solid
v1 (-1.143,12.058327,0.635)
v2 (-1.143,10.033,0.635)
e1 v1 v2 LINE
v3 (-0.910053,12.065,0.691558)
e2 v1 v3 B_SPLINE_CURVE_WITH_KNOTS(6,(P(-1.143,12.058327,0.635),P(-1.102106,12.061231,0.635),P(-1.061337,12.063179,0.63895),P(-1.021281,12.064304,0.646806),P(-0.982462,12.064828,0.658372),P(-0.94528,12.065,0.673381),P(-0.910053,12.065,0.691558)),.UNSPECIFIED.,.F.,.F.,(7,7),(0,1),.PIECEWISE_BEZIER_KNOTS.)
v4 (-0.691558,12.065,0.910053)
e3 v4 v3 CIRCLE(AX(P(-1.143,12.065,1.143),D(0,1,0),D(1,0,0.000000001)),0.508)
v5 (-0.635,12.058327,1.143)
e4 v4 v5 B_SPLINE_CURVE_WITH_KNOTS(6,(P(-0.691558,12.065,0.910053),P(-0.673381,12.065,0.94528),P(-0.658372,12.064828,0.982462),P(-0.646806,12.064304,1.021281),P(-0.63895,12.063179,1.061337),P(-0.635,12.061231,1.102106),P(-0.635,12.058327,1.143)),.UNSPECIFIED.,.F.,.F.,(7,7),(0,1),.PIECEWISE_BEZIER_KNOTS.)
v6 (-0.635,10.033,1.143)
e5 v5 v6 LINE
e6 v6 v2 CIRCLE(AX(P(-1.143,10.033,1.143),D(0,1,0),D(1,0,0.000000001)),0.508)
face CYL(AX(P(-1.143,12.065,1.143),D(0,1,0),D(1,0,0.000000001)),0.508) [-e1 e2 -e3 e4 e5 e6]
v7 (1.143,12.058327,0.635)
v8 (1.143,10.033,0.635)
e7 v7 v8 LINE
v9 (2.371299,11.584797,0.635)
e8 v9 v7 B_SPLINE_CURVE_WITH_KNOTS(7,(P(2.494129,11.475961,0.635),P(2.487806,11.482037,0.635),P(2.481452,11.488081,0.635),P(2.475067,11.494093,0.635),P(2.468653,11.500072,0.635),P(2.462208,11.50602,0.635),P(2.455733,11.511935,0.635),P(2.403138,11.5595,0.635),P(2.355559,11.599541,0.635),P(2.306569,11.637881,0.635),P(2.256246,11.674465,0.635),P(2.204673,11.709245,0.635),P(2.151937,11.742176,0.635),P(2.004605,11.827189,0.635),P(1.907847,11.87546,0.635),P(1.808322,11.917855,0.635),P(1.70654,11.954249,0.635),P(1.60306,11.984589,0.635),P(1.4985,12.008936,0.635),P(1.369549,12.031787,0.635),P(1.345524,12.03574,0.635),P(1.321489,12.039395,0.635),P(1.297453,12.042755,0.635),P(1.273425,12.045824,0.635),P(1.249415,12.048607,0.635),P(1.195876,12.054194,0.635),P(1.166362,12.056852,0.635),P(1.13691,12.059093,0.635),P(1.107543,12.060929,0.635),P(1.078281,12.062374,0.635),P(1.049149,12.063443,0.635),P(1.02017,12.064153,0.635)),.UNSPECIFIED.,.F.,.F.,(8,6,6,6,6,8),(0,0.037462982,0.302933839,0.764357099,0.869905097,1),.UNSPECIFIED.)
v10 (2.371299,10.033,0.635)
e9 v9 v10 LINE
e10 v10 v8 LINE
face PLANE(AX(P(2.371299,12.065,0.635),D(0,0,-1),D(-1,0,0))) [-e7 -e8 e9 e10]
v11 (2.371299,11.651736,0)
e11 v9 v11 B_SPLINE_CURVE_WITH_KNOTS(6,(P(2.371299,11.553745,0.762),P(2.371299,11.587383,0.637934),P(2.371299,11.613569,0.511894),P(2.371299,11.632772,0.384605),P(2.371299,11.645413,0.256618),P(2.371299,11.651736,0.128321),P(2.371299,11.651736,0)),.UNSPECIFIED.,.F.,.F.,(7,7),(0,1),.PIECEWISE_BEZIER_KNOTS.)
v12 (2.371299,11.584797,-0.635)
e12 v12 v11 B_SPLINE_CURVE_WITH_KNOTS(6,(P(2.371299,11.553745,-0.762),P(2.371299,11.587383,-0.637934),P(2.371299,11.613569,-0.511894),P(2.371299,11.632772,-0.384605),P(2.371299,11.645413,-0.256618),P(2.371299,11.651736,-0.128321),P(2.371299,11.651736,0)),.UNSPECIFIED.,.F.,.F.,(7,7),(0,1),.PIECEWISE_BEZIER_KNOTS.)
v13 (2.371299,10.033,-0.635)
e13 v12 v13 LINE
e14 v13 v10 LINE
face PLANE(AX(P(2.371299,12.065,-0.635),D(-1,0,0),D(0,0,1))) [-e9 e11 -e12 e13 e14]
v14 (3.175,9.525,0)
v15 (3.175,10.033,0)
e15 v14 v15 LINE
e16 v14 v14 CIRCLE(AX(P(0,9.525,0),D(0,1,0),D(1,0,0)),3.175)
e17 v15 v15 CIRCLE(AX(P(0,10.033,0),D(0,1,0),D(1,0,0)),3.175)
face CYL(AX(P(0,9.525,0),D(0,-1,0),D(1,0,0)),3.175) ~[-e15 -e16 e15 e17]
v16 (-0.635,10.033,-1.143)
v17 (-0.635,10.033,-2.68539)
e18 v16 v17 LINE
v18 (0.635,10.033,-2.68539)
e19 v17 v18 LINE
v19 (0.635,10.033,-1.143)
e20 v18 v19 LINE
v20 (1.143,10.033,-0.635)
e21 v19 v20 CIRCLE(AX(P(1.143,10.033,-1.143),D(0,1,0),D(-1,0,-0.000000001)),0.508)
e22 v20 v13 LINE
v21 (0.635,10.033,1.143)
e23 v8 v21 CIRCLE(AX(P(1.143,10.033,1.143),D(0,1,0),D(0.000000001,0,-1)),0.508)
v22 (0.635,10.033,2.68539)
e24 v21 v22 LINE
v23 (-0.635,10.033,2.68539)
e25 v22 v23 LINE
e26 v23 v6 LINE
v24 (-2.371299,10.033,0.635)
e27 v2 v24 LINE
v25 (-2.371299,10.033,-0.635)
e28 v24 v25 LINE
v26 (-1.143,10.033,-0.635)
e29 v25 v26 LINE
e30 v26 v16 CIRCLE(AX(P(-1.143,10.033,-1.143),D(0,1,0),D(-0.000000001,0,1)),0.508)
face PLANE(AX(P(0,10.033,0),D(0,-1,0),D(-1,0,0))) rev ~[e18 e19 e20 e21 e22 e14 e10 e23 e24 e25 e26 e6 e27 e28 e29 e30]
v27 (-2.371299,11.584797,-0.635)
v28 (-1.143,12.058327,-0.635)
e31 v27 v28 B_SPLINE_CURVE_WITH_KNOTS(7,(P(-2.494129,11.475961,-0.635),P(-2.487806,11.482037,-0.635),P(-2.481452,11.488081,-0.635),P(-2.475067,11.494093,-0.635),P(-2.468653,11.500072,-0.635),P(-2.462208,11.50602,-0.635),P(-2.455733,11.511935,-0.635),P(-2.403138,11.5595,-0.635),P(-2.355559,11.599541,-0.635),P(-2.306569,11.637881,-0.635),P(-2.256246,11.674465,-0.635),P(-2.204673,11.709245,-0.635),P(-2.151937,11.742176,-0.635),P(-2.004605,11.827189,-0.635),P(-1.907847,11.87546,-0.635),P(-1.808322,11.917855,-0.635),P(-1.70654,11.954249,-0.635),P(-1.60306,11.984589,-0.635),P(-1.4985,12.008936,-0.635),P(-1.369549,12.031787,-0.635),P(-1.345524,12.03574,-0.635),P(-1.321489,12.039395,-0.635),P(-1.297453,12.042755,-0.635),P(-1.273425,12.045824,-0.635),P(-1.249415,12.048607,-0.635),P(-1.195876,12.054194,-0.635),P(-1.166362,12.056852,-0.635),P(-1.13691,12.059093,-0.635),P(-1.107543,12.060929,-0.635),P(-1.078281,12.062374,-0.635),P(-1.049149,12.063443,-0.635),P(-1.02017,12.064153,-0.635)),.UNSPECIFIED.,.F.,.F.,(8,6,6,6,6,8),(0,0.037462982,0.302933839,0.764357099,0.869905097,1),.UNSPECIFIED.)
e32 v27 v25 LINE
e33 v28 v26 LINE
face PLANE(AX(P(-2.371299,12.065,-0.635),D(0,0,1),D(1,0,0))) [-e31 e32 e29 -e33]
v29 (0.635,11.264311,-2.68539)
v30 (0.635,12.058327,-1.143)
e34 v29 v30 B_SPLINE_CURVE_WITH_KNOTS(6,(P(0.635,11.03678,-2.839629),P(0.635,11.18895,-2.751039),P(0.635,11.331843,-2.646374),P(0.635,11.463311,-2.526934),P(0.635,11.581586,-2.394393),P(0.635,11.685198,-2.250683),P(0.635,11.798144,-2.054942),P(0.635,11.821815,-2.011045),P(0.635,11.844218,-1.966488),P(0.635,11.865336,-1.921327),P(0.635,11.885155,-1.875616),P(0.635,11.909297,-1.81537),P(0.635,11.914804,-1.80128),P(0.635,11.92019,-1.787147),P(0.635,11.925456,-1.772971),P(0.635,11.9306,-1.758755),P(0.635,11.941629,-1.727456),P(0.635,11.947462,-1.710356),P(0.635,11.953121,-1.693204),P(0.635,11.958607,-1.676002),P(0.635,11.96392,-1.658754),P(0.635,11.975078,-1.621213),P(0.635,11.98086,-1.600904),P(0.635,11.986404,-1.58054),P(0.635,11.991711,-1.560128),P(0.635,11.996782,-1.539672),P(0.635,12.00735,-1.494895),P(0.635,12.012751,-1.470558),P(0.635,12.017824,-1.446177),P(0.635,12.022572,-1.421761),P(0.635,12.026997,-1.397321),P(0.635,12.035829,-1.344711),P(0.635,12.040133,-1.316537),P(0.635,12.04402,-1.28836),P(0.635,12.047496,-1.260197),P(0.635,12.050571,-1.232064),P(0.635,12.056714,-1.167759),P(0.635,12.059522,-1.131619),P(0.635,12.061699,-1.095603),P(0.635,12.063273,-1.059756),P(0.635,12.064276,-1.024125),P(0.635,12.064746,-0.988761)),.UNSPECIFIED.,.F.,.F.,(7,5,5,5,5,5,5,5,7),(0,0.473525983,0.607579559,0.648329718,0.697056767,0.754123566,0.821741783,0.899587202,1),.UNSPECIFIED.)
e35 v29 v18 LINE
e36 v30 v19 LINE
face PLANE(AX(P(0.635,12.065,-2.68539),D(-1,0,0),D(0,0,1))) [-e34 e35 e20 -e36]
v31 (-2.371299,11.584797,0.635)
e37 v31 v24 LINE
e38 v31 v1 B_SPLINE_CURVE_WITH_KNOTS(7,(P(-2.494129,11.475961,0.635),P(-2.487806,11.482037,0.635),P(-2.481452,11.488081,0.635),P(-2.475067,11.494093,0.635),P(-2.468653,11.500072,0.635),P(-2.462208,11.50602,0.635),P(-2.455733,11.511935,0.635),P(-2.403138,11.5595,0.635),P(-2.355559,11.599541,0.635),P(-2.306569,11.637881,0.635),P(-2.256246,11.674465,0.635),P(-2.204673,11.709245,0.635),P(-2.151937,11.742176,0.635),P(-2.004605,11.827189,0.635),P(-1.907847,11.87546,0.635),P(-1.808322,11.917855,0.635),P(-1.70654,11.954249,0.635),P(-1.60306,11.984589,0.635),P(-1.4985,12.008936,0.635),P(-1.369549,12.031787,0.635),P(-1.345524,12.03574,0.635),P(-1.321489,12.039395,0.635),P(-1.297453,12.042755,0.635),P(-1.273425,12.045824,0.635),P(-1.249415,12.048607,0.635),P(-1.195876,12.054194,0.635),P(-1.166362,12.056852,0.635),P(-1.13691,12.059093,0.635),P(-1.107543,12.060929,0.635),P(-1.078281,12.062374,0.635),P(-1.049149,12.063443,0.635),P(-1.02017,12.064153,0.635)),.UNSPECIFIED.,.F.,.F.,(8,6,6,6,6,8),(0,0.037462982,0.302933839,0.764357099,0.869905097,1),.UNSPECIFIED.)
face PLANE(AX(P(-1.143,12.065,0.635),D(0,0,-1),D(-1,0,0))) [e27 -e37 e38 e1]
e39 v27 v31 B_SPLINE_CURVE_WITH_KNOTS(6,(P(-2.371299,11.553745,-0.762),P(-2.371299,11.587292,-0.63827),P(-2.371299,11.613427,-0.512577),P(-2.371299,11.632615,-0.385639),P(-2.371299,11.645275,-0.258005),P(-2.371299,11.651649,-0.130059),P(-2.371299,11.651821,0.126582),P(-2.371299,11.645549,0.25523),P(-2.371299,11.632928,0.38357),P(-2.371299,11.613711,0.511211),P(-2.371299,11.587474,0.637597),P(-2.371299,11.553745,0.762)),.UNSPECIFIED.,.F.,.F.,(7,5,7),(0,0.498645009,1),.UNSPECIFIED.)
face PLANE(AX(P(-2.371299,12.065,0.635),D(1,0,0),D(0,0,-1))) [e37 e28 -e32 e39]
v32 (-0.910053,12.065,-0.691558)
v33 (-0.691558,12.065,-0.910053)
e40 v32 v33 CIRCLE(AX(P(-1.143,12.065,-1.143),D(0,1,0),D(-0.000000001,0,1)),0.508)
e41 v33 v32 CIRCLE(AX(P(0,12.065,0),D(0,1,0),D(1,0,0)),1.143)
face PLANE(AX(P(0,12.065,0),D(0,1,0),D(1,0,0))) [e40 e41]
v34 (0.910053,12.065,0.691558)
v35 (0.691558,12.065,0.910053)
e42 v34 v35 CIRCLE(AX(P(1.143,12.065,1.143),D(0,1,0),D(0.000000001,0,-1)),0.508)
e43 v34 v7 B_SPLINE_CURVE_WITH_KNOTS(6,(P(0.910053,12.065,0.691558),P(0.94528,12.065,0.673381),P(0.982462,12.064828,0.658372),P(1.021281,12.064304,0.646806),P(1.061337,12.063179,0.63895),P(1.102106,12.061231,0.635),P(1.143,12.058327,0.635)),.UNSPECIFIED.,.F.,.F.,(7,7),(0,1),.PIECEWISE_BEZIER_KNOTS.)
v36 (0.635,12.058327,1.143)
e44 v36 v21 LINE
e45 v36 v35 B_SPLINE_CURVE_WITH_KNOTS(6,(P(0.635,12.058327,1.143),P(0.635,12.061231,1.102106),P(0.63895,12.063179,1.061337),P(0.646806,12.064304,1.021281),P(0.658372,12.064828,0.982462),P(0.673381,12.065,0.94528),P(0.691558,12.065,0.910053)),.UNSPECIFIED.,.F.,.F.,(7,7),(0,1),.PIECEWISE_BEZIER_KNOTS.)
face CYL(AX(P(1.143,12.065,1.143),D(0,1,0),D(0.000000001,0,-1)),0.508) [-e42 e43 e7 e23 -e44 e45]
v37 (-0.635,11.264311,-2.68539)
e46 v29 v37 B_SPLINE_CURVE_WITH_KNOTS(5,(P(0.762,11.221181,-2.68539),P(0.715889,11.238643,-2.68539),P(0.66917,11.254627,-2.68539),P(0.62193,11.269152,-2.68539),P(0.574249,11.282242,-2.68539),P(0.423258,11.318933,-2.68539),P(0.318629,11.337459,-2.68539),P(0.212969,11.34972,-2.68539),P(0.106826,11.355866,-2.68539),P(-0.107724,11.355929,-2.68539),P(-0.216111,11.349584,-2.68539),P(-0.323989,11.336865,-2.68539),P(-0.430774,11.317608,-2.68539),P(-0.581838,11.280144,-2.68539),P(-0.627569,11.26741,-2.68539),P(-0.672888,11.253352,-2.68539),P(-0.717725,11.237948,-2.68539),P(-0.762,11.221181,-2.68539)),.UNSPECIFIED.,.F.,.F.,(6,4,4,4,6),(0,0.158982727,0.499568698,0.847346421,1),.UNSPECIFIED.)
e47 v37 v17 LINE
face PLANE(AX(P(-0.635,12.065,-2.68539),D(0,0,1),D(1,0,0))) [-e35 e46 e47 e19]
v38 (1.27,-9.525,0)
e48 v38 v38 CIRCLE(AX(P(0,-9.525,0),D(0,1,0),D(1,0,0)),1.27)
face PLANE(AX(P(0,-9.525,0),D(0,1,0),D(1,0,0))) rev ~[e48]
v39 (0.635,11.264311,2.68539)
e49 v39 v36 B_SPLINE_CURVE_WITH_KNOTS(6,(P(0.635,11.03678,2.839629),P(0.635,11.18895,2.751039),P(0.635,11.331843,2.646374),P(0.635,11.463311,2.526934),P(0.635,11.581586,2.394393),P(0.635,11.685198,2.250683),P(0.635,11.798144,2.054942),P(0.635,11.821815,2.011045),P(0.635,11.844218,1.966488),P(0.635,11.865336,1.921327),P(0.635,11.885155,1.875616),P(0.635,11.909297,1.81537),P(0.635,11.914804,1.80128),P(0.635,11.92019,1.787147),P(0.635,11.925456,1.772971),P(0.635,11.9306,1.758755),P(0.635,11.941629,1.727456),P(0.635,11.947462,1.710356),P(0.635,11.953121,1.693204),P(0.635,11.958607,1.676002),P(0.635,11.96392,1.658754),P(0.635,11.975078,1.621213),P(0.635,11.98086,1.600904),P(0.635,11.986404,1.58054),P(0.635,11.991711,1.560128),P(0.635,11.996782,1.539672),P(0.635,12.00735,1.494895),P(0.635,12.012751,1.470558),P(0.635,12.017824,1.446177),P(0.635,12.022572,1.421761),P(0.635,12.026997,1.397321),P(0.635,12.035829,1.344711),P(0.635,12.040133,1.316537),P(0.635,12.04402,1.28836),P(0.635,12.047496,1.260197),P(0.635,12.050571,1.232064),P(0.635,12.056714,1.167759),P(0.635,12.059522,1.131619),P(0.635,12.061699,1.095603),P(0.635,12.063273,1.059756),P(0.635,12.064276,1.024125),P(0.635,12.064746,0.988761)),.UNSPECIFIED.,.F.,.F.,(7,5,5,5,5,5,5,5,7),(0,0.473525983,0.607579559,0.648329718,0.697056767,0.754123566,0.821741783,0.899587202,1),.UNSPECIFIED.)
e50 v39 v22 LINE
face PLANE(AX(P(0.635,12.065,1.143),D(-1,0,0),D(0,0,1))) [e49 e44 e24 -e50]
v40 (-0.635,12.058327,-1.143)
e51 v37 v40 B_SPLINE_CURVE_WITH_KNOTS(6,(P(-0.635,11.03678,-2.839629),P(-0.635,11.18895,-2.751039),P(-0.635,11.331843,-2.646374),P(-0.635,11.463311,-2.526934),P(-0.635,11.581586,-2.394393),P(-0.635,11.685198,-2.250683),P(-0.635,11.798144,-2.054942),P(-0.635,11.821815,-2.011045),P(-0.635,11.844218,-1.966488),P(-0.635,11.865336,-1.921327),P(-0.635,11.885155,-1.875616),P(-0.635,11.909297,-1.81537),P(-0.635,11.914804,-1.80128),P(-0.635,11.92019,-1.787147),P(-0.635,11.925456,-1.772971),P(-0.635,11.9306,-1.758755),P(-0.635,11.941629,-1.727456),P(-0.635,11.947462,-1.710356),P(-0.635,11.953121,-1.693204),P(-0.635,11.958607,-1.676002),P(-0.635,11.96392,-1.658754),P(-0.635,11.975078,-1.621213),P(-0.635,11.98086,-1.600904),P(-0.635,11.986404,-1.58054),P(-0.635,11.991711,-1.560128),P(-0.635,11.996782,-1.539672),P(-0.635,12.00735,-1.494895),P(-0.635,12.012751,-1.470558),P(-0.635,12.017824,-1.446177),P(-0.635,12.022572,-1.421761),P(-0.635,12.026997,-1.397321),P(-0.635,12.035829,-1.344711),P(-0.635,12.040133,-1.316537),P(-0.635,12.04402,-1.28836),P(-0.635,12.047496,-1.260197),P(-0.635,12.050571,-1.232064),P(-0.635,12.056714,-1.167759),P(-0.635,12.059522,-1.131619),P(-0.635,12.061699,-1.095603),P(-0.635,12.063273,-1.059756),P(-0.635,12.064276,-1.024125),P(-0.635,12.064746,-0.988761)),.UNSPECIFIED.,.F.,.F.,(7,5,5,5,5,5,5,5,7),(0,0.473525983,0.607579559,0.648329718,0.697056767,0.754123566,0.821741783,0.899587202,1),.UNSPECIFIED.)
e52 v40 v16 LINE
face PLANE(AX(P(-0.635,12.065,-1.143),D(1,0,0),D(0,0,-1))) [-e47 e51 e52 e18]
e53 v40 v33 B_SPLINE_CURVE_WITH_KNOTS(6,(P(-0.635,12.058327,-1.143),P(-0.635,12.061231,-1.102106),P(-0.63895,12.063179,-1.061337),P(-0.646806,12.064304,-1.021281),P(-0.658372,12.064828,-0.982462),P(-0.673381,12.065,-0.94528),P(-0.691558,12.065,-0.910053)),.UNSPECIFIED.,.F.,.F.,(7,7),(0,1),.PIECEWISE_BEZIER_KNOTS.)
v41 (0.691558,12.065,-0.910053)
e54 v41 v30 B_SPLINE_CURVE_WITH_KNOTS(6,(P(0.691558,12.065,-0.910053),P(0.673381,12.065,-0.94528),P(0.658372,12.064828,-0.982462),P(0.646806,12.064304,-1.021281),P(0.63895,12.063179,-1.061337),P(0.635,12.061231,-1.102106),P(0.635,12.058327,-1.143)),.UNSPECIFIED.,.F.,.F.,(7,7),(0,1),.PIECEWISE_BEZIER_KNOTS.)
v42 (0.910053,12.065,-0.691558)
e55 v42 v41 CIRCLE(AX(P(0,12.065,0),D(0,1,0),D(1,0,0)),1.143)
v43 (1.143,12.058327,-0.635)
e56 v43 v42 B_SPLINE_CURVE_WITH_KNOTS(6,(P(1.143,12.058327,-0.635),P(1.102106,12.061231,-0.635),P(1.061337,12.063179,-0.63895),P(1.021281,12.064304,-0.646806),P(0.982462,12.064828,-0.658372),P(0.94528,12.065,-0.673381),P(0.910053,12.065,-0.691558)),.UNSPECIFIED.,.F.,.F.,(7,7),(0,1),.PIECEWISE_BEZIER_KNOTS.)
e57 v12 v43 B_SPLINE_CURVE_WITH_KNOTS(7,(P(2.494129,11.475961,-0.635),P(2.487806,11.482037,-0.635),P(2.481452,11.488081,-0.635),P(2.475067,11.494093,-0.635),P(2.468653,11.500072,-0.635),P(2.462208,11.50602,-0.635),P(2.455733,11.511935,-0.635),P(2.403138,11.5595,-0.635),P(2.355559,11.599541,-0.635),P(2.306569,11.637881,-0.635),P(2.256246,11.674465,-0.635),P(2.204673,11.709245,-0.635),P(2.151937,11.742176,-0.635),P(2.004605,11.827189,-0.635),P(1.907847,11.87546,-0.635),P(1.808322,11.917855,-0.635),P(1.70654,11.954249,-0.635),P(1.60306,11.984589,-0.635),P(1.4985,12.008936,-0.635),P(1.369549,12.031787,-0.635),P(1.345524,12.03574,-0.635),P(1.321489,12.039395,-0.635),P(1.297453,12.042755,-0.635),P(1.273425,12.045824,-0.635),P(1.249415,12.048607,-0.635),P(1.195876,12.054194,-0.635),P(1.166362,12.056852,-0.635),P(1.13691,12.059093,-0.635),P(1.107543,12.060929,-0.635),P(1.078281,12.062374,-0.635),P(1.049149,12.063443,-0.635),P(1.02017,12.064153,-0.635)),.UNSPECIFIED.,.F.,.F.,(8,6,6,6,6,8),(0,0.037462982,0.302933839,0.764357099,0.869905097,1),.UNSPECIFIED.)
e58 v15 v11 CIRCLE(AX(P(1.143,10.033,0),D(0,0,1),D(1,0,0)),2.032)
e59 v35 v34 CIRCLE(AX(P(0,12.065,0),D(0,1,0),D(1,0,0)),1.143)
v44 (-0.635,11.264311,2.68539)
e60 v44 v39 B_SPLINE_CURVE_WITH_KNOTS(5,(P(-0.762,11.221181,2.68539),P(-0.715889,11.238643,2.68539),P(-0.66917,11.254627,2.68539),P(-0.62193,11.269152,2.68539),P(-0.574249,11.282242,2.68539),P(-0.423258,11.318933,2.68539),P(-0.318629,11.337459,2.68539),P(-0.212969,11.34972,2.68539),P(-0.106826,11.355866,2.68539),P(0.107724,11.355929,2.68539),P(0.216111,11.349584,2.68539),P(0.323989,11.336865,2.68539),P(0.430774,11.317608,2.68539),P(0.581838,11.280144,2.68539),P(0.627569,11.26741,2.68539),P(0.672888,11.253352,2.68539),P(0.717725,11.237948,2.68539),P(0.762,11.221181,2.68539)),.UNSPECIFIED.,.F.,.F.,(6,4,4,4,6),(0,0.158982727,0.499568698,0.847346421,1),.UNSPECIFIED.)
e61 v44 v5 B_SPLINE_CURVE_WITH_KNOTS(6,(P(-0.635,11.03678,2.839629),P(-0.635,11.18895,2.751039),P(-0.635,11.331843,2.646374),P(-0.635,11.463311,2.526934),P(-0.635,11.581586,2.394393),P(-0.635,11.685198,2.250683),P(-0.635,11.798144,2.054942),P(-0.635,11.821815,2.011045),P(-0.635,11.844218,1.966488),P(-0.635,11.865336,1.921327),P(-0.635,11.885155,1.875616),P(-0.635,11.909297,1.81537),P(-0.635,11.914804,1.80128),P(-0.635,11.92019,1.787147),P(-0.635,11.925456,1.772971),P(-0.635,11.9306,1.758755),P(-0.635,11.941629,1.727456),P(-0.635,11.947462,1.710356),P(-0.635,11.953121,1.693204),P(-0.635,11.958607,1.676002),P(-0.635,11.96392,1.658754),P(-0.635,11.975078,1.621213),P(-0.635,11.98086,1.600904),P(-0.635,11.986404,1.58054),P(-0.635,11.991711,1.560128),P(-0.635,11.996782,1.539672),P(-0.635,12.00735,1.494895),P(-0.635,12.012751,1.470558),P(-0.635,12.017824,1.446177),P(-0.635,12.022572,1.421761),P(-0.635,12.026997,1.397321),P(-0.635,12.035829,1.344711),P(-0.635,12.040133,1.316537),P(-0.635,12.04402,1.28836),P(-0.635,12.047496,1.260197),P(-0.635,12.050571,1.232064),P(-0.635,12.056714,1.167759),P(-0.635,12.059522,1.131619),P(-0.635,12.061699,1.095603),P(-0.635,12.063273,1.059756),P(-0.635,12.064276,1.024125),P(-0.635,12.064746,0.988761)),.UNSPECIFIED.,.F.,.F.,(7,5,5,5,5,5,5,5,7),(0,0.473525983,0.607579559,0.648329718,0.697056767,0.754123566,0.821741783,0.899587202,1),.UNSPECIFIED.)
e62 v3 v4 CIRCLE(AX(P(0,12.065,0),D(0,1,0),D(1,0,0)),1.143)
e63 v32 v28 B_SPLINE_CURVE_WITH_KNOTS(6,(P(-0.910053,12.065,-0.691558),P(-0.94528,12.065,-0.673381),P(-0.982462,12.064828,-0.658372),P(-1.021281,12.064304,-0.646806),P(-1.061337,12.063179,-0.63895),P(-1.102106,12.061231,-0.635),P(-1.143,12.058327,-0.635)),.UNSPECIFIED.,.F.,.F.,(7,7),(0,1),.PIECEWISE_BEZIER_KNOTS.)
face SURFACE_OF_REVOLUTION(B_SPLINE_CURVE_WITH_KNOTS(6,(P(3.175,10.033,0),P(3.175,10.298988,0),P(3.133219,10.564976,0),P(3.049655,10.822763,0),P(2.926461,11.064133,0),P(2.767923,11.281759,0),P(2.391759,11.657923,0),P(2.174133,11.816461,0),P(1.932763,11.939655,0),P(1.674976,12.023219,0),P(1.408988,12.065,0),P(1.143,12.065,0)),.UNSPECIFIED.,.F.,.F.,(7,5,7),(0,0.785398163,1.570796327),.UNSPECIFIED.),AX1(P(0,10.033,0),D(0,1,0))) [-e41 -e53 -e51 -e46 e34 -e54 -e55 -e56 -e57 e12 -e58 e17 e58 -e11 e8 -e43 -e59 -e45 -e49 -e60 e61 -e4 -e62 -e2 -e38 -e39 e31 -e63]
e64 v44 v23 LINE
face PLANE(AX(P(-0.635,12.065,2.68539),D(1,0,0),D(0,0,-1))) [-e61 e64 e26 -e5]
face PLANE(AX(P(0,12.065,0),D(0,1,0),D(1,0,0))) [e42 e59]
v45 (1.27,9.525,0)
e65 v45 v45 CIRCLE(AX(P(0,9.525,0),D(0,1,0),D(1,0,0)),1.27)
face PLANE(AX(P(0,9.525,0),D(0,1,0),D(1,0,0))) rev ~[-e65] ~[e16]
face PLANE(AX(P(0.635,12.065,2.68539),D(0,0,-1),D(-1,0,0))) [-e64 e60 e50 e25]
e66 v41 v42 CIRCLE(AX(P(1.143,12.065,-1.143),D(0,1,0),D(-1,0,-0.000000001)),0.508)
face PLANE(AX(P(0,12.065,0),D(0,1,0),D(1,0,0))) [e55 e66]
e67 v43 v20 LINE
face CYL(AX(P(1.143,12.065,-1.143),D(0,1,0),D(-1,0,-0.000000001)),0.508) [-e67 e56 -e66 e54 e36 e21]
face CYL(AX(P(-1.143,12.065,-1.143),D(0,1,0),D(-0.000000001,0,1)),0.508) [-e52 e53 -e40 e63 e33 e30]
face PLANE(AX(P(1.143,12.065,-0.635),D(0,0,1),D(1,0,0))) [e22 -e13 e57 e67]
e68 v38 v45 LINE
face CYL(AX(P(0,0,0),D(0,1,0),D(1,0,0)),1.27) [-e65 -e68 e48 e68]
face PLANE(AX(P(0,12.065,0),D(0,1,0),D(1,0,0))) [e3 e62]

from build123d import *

# Parameters (mm, degrees)
SKETCH1_R           = 1.27
BOSS_EXTRUDE1_DEPTH = 9.525
SKETCH2_R           = 3.175
BOSS_EXTRUDE2_DEPTH = 2.54
FILLET1_R           = 2.032
CUT_EXTRUDE1_DEPTH  = 2.032


with BuildPart() as part:
    # Sketch1 → Boss-Extrude1 (new body, symmetric)
    with BuildSketch(Plane(origin=(0, 0, 0), x_dir=(1, 0, 0), z_dir=(0, 1, 0))):
        Circle(SKETCH1_R)
    extrude(amount=BOSS_EXTRUDE1_DEPTH, both=True)

    # Sketch2 → Boss-Extrude2 (add)
    with BuildSketch(Plane(origin=(0, 9.525, 0), x_dir=(1, 0, 0), z_dir=(0, 1, 0))):
        Circle(SKETCH2_R)
    extrude(amount=BOSS_EXTRUDE2_DEPTH)

    # Fillet1
    fillet1_edges = [part.edges().sort_by_distance(p)[0] for p in [
        (-3.175, 12.065, 0),
    ]]
    fillet(fillet1_edges, radius=FILLET1_R)

    # Sketch3 → Cut-Extrude1 (cut)
    with BuildSketch(Plane(origin=(0, 12.065, 0), x_dir=(1, 0, 0), z_dir=(0, 1, 0))):
        with BuildLine():
            Line((-0.635, 1.143), (-0.635, 2.685389765))
            Line((-0.635, 2.685389765), (0.635, 2.685389765))
            Line((0.635, 2.685389765), (0.635, 1.143))
            ThreePointArc((0.635, 1.143), (0.783789755, 0.783789755), (1.143, 0.635))
            Line((1.143, 0.635), (2.371299226, 0.635))
            Line((2.371299226, 0.635), (2.371299226, -0.635))
            Line((2.371299226, -0.635), (1.143, -0.635))
            ThreePointArc((1.143, -0.635), (0.783789755, -0.783789755), (0.635, -1.143))
            Line((0.635, -1.143), (0.635, -2.685389765))
            Line((0.635, -2.685389765), (-0.635, -2.685389765))
            Line((-0.635, -2.685389765), (-0.635, -1.143))
            ThreePointArc((-0.635, -1.143), (-0.783789755, -0.783789755), (-1.143, -0.635))
            Line((-1.143, -0.635), (-2.371299226, -0.635))
            Line((-2.371299226, -0.635), (-2.371299226, 0.635))
            Line((-2.371299226, 0.635), (-1.143, 0.635))
            ThreePointArc((-1.143, 0.635), (-0.783789755, 0.783789755), (-0.635, 1.143))
        make_face()
    extrude(amount=-CUT_EXTRUDE1_DEPTH, mode=Mode.SUBTRACT)


solid = part.part
